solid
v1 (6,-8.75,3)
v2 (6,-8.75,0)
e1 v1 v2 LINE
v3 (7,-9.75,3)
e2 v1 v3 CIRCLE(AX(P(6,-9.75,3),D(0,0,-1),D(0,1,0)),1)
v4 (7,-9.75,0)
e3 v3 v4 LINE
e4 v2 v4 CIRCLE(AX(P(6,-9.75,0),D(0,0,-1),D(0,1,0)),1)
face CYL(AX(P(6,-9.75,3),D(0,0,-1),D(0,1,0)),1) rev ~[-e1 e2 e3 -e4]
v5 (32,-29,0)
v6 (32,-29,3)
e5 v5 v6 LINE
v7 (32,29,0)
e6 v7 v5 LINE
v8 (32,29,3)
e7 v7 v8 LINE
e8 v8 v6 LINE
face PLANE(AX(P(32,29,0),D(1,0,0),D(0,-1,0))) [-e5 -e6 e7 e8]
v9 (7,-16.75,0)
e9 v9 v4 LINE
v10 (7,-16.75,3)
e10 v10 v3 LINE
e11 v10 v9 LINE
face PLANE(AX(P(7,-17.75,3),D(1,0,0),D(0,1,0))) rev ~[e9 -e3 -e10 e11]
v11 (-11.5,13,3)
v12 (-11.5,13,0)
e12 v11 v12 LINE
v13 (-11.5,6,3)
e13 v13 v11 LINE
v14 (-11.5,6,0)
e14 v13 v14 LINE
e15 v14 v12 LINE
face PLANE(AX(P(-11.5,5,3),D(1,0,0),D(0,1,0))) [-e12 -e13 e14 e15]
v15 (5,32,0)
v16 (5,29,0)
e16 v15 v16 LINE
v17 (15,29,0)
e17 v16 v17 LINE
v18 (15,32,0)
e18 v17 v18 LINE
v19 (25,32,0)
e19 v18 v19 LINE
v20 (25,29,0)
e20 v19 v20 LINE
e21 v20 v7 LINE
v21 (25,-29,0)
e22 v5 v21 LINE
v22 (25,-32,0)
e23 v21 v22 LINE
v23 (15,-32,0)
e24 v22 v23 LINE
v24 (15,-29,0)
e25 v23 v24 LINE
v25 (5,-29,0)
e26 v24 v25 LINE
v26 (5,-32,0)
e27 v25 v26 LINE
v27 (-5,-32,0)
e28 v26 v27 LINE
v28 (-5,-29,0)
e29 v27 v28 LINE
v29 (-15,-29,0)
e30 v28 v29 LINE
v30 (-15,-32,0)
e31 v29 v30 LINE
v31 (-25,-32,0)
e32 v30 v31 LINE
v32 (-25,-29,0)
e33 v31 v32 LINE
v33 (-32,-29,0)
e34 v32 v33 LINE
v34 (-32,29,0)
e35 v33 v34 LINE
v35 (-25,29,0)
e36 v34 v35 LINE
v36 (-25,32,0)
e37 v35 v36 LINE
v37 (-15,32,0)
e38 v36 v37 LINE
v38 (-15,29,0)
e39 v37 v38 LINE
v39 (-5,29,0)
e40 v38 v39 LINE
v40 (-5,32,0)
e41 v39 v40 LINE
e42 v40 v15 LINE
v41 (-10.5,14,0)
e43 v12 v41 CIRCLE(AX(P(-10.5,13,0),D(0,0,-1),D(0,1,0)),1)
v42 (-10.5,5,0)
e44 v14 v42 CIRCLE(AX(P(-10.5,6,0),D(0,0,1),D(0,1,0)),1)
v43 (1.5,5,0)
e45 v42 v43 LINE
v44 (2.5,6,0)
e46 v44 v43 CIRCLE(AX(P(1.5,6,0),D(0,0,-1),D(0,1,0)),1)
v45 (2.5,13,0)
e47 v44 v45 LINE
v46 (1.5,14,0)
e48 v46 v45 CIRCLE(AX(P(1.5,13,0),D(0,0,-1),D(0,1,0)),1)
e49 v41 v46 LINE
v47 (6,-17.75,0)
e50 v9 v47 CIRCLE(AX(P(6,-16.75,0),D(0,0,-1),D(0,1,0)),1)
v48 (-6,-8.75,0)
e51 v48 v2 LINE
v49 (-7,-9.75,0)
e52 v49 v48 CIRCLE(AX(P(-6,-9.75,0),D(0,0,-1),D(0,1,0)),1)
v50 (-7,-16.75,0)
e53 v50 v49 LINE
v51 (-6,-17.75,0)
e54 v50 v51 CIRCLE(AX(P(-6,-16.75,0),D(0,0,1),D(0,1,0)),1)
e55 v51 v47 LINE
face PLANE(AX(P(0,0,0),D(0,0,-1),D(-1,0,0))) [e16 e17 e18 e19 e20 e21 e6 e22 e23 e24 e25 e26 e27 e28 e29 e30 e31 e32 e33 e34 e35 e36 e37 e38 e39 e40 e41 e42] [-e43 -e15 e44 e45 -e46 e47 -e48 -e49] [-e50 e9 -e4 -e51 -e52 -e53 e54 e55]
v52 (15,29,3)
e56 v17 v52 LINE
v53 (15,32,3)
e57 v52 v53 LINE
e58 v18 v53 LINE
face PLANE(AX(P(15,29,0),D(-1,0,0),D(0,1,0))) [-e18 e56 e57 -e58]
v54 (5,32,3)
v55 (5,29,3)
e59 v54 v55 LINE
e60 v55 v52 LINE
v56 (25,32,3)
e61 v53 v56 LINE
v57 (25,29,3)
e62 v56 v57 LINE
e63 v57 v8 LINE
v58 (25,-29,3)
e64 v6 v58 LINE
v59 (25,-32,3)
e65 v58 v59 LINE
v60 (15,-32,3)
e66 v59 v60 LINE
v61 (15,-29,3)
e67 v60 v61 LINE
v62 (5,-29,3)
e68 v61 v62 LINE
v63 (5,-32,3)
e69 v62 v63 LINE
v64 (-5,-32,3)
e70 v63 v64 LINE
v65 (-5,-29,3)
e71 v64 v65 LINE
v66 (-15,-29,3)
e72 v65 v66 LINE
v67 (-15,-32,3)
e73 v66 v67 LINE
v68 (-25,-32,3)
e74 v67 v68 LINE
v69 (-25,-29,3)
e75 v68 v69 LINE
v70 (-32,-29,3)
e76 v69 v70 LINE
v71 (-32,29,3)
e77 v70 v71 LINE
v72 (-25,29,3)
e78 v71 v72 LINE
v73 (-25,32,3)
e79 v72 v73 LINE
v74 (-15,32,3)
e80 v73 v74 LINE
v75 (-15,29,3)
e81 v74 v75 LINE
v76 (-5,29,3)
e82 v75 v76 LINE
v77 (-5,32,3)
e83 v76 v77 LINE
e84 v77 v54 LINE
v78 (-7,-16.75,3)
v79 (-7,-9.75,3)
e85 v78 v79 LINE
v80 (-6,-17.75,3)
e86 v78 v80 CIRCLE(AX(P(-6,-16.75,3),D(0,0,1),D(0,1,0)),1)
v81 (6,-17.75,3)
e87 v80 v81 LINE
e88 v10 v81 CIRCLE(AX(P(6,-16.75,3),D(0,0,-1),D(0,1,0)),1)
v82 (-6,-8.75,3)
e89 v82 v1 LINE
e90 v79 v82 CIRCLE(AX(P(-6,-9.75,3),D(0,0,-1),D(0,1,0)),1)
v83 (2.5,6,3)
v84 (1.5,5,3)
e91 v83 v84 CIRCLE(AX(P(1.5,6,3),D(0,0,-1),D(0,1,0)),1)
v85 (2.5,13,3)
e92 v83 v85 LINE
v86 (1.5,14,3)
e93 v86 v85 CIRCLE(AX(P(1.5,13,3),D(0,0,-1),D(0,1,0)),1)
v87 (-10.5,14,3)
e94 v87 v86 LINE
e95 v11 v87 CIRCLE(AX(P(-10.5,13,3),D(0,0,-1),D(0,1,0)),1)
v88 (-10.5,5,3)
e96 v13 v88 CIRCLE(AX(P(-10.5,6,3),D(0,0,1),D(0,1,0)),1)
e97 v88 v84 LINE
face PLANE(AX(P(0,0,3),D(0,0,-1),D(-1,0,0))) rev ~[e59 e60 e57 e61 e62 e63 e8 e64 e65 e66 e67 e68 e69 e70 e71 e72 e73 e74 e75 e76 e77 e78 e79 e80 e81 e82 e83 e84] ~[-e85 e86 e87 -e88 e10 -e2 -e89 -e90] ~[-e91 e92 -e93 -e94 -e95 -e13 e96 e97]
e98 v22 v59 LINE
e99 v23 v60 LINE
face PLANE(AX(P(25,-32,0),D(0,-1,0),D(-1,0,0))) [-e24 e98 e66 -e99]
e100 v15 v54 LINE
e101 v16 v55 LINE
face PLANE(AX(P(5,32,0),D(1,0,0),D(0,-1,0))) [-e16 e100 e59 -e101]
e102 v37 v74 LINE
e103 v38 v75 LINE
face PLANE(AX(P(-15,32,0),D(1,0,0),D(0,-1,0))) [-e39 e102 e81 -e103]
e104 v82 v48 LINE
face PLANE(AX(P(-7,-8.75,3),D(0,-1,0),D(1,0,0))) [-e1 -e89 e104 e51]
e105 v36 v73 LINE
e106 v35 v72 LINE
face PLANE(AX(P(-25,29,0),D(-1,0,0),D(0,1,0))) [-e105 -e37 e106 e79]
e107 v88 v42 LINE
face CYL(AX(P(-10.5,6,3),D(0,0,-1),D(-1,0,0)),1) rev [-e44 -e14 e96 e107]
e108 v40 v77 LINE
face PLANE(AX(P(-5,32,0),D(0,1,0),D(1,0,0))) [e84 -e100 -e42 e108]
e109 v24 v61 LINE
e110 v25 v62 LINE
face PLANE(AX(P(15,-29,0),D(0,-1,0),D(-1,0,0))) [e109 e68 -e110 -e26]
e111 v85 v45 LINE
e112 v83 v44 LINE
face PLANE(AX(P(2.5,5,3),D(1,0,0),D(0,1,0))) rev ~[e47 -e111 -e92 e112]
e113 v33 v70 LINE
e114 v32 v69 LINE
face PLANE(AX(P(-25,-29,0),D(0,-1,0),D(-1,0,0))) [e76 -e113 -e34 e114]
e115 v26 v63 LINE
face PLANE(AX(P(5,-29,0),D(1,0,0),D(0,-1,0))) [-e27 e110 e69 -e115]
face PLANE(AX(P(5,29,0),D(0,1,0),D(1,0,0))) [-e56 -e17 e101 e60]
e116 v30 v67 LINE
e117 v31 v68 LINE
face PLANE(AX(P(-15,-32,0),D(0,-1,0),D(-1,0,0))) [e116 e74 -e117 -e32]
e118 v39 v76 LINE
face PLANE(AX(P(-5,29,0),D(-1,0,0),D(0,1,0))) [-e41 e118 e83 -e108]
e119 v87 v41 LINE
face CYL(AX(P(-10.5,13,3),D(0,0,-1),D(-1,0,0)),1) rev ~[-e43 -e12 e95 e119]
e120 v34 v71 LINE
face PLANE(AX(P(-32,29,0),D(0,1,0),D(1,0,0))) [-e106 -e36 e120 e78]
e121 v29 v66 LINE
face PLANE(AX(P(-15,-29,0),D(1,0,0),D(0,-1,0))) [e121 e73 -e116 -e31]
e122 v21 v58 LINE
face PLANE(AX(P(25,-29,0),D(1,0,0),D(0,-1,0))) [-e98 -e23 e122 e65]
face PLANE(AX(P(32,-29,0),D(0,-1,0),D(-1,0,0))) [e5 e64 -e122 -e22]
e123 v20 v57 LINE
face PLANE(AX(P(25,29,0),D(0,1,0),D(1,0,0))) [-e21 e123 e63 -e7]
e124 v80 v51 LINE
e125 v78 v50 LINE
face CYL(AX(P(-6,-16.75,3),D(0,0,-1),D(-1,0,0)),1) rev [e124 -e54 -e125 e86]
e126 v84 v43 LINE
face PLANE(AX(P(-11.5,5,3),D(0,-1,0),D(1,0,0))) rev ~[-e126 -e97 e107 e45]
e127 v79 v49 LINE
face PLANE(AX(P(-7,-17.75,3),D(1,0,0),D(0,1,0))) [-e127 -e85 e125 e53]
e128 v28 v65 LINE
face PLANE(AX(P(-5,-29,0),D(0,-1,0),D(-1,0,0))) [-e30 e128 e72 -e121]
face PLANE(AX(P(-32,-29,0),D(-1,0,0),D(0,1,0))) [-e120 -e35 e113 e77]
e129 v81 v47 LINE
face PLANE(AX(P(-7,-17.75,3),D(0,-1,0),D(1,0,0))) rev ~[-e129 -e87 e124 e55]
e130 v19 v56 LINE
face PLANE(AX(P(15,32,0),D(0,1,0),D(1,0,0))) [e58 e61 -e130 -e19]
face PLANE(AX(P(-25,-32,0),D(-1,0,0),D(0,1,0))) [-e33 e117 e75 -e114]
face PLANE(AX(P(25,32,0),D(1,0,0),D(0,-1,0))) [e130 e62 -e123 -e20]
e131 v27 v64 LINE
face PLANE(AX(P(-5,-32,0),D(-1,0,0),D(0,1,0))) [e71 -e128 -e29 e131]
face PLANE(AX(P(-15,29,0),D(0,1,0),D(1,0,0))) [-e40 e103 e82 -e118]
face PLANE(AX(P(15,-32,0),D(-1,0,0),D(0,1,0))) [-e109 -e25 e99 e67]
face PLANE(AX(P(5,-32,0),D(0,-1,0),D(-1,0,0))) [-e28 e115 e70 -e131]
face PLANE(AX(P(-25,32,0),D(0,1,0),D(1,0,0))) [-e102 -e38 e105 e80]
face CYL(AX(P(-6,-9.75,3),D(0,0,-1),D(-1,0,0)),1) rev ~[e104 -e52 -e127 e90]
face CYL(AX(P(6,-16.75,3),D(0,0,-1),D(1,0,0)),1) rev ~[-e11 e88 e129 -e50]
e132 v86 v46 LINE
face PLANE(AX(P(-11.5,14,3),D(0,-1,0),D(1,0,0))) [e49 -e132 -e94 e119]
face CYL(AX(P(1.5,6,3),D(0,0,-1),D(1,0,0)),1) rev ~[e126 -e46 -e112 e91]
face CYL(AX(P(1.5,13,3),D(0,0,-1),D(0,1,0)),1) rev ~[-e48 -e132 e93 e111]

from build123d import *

# Parameters (mm, degrees)
SALIENTE_EXTRUIR1_DEPTH = 3
CROQUIS2_W              = 14
CROQUIS2_H              = 9
CORTAR_EXTRUIR1_DEPTH   = 3
REDONDEO1_R             = 1


with BuildPart() as part:
    # Croquis1 → Saliente-Extruir1 (new body)
    with BuildSketch(Plane.XY):
        Polygon((-32, 29), (-25, 29), (-25, 32), (-15, 32), (-15, 29), (-5, 29), (-5, 32), (5, 32), (5, 29), (15, 29), (15, 32), (25, 32), (25, 29), (32, 29), (32, -29), (25, -29), (25, -32), (15, -32), (15, -29), (5, -29), (5, -32), (-5, -32), (-5, -29), (-15, -29), (-15, -32), (-25, -32), (-25, -29), (-32, -29), align=None)
    extrude(amount=SALIENTE_EXTRUIR1_DEPTH)

    # Croquis2 → Cortar-Extruir1 (cut)
    with BuildSketch(Plane.XY.offset(3)):
        with Locations((0, -13.25)):
            Rectangle(CROQUIS2_W, CROQUIS2_H)
        with Locations((-4.5, 9.5)):
            Rectangle(CROQUIS2_W, CROQUIS2_H)
    extrude(amount=-CORTAR_EXTRUIR1_DEPTH, mode=Mode.SUBTRACT)

    # Redondeo1
    redondeo1_edges = [part.edges().sort_by_distance(p)[0] for p in [
        (7, -8.75, 1.5),
        (7, -17.75, 1.5),
        (-7, -17.75, 1.5),
        (-7, -8.75, 1.5),
        (2.5, 14, 1.5),
        (2.5, 5, 1.5),
        (-11.5, 5, 1.5),
        (-11.5, 14, 1.5),
    ]]
    fillet(redondeo1_edges, radius=REDONDEO1_R)


solid = part.part
